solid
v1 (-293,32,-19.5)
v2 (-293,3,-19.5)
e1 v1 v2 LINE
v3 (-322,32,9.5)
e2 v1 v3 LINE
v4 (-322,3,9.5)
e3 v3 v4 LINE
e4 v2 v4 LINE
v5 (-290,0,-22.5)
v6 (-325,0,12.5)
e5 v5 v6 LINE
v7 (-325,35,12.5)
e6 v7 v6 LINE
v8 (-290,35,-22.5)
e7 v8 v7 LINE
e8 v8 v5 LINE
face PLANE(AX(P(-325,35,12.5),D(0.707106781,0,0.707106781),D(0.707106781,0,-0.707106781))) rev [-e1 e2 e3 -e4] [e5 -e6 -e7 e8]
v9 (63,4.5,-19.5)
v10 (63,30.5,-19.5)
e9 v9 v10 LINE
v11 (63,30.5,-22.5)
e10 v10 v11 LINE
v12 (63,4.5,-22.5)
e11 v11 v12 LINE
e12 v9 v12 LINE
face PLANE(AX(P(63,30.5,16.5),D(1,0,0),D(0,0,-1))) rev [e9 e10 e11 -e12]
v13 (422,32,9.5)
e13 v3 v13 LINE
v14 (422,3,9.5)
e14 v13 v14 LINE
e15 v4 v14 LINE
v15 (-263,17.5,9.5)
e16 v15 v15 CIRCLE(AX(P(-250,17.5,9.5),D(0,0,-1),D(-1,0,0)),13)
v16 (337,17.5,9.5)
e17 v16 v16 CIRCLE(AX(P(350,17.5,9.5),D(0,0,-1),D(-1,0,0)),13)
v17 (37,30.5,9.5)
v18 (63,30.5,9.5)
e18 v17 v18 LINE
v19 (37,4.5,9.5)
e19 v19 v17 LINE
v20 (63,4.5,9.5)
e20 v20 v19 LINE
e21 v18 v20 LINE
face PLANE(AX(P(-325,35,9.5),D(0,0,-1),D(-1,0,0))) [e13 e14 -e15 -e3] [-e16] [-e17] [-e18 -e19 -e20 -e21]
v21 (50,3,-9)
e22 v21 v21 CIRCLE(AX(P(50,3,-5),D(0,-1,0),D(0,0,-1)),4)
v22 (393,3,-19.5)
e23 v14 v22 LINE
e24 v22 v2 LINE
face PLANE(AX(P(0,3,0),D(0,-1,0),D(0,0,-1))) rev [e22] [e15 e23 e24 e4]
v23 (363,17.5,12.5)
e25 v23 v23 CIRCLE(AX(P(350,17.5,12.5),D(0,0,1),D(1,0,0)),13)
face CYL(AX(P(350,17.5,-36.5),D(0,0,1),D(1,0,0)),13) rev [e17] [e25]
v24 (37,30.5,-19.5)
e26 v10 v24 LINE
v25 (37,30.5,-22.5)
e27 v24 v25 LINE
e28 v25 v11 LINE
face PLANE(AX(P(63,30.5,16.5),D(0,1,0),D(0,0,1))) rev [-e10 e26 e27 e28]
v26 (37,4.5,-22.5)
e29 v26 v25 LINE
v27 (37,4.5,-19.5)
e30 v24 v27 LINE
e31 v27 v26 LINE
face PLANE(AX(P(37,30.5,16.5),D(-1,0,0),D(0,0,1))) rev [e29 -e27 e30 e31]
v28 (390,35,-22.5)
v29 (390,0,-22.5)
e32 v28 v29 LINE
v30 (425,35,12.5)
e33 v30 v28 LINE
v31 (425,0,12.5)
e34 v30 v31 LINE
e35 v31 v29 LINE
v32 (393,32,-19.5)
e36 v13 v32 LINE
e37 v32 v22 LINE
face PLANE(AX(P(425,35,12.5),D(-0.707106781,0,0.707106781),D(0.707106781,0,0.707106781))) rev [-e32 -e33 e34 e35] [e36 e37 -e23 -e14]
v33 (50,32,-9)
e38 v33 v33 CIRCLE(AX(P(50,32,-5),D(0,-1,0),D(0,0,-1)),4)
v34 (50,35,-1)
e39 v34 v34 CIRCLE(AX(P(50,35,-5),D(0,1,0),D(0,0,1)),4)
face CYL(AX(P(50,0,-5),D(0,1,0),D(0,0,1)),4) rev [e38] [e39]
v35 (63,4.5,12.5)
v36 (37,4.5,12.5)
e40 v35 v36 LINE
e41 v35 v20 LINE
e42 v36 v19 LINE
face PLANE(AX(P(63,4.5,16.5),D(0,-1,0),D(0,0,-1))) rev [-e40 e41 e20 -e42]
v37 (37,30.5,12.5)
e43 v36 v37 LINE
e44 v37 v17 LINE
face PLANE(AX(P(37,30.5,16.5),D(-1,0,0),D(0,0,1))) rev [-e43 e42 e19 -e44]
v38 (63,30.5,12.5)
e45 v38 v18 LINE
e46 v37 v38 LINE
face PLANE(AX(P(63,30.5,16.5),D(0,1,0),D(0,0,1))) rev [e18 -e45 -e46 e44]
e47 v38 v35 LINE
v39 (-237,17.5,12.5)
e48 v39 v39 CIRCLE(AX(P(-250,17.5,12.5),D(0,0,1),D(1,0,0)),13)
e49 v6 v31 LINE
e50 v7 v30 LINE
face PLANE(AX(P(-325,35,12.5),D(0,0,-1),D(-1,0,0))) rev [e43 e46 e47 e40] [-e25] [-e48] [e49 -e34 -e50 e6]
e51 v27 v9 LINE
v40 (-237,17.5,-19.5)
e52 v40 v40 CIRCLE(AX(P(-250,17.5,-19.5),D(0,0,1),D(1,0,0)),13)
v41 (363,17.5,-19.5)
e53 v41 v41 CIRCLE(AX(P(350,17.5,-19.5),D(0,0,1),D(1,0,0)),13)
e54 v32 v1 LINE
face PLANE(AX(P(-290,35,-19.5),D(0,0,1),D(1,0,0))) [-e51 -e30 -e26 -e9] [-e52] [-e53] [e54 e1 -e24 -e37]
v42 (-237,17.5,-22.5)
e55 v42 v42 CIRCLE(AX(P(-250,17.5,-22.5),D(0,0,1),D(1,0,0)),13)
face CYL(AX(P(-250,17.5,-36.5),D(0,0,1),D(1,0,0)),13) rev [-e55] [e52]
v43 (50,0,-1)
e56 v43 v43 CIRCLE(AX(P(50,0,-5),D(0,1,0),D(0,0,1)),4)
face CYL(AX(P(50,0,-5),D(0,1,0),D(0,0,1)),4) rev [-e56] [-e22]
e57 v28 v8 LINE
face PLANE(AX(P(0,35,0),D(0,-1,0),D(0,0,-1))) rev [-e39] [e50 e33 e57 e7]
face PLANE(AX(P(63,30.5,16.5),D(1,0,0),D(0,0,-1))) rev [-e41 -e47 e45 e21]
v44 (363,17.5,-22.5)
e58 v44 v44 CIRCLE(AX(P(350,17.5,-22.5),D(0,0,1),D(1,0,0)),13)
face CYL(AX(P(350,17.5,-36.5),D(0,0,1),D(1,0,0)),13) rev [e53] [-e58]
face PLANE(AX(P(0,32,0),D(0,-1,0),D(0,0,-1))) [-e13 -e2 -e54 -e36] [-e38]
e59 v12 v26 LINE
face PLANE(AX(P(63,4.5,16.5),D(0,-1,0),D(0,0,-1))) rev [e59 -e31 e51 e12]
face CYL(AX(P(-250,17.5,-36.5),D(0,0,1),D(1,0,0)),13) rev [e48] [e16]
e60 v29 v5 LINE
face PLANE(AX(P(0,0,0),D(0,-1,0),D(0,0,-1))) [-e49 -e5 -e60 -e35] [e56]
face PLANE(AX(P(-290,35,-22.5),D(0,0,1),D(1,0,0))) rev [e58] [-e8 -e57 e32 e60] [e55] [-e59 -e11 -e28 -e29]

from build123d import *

# Parameters (mm, degrees)
BOSS_EXTRUDE1_DEPTH = 35
SHELL1_T            = -3
SKETCH4_R           = 13
CUT_EXTRUDE1_DEPTH  = 49
SKETCH5_W           = 26
SKETCH5_H           = 26
CUT_EXTRUDE2_DEPTH  = 39
SKETCH6_R           = 4
CUT_EXTRUDE3_DEPTH  = 35


with BuildPart() as part:
    # Sketch1 → Boss-Extrude1 (new body)
    with BuildSketch(Plane(origin=(0, 0, 0), x_dir=(1, 0, 0), z_dir=(0, 1, 0))):
        Polygon((-325, -12.5), (-290, 22.5), (390, 22.5), (425, -12.5), align=None)
    extrude(amount=BOSS_EXTRUDE1_DEPTH)

    # Shell1
    shell1_openings = [part.faces().sort_by_distance(p)[0] for p in [
        (-307.5, 17.5, -5),
        (407.5, 17.5, -5),
    ]]
    offset(amount=SHELL1_T, openings=shell1_openings, kind=Kind.INTERSECTION)

    # Sketch4 → Cut-Extrude1 (cut)
    with BuildSketch(Plane.XY.offset(12.5)):
        with Locations((-250, 17.5)):
            Circle(SKETCH4_R)
        with Locations((350, 17.5)):
            Circle(SKETCH4_R)
    extrude(amount=-CUT_EXTRUDE1_DEPTH, mode=Mode.SUBTRACT)

    # Sketch5 → Cut-Extrude2 (cut)
    with BuildSketch(Plane(origin=(0, 0, -22.5), x_dir=(-1, 0, 0), z_dir=(0, 0, -1))):
        with Locations((-50, 17.5)):
            Rectangle(SKETCH5_W, SKETCH5_H)
    extrude(amount=-CUT_EXTRUDE2_DEPTH, mode=Mode.SUBTRACT)

    # Sketch6 → Cut-Extrude3 (cut)
    with BuildSketch(Plane(origin=(0, 35, 0), x_dir=(1, 0, 0), z_dir=(0, 1, 0))):
        with Locations((50, 5)):
            Circle(SKETCH6_R)
    extrude(amount=-CUT_EXTRUDE3_DEPTH, mode=Mode.SUBTRACT)


solid = part.part
